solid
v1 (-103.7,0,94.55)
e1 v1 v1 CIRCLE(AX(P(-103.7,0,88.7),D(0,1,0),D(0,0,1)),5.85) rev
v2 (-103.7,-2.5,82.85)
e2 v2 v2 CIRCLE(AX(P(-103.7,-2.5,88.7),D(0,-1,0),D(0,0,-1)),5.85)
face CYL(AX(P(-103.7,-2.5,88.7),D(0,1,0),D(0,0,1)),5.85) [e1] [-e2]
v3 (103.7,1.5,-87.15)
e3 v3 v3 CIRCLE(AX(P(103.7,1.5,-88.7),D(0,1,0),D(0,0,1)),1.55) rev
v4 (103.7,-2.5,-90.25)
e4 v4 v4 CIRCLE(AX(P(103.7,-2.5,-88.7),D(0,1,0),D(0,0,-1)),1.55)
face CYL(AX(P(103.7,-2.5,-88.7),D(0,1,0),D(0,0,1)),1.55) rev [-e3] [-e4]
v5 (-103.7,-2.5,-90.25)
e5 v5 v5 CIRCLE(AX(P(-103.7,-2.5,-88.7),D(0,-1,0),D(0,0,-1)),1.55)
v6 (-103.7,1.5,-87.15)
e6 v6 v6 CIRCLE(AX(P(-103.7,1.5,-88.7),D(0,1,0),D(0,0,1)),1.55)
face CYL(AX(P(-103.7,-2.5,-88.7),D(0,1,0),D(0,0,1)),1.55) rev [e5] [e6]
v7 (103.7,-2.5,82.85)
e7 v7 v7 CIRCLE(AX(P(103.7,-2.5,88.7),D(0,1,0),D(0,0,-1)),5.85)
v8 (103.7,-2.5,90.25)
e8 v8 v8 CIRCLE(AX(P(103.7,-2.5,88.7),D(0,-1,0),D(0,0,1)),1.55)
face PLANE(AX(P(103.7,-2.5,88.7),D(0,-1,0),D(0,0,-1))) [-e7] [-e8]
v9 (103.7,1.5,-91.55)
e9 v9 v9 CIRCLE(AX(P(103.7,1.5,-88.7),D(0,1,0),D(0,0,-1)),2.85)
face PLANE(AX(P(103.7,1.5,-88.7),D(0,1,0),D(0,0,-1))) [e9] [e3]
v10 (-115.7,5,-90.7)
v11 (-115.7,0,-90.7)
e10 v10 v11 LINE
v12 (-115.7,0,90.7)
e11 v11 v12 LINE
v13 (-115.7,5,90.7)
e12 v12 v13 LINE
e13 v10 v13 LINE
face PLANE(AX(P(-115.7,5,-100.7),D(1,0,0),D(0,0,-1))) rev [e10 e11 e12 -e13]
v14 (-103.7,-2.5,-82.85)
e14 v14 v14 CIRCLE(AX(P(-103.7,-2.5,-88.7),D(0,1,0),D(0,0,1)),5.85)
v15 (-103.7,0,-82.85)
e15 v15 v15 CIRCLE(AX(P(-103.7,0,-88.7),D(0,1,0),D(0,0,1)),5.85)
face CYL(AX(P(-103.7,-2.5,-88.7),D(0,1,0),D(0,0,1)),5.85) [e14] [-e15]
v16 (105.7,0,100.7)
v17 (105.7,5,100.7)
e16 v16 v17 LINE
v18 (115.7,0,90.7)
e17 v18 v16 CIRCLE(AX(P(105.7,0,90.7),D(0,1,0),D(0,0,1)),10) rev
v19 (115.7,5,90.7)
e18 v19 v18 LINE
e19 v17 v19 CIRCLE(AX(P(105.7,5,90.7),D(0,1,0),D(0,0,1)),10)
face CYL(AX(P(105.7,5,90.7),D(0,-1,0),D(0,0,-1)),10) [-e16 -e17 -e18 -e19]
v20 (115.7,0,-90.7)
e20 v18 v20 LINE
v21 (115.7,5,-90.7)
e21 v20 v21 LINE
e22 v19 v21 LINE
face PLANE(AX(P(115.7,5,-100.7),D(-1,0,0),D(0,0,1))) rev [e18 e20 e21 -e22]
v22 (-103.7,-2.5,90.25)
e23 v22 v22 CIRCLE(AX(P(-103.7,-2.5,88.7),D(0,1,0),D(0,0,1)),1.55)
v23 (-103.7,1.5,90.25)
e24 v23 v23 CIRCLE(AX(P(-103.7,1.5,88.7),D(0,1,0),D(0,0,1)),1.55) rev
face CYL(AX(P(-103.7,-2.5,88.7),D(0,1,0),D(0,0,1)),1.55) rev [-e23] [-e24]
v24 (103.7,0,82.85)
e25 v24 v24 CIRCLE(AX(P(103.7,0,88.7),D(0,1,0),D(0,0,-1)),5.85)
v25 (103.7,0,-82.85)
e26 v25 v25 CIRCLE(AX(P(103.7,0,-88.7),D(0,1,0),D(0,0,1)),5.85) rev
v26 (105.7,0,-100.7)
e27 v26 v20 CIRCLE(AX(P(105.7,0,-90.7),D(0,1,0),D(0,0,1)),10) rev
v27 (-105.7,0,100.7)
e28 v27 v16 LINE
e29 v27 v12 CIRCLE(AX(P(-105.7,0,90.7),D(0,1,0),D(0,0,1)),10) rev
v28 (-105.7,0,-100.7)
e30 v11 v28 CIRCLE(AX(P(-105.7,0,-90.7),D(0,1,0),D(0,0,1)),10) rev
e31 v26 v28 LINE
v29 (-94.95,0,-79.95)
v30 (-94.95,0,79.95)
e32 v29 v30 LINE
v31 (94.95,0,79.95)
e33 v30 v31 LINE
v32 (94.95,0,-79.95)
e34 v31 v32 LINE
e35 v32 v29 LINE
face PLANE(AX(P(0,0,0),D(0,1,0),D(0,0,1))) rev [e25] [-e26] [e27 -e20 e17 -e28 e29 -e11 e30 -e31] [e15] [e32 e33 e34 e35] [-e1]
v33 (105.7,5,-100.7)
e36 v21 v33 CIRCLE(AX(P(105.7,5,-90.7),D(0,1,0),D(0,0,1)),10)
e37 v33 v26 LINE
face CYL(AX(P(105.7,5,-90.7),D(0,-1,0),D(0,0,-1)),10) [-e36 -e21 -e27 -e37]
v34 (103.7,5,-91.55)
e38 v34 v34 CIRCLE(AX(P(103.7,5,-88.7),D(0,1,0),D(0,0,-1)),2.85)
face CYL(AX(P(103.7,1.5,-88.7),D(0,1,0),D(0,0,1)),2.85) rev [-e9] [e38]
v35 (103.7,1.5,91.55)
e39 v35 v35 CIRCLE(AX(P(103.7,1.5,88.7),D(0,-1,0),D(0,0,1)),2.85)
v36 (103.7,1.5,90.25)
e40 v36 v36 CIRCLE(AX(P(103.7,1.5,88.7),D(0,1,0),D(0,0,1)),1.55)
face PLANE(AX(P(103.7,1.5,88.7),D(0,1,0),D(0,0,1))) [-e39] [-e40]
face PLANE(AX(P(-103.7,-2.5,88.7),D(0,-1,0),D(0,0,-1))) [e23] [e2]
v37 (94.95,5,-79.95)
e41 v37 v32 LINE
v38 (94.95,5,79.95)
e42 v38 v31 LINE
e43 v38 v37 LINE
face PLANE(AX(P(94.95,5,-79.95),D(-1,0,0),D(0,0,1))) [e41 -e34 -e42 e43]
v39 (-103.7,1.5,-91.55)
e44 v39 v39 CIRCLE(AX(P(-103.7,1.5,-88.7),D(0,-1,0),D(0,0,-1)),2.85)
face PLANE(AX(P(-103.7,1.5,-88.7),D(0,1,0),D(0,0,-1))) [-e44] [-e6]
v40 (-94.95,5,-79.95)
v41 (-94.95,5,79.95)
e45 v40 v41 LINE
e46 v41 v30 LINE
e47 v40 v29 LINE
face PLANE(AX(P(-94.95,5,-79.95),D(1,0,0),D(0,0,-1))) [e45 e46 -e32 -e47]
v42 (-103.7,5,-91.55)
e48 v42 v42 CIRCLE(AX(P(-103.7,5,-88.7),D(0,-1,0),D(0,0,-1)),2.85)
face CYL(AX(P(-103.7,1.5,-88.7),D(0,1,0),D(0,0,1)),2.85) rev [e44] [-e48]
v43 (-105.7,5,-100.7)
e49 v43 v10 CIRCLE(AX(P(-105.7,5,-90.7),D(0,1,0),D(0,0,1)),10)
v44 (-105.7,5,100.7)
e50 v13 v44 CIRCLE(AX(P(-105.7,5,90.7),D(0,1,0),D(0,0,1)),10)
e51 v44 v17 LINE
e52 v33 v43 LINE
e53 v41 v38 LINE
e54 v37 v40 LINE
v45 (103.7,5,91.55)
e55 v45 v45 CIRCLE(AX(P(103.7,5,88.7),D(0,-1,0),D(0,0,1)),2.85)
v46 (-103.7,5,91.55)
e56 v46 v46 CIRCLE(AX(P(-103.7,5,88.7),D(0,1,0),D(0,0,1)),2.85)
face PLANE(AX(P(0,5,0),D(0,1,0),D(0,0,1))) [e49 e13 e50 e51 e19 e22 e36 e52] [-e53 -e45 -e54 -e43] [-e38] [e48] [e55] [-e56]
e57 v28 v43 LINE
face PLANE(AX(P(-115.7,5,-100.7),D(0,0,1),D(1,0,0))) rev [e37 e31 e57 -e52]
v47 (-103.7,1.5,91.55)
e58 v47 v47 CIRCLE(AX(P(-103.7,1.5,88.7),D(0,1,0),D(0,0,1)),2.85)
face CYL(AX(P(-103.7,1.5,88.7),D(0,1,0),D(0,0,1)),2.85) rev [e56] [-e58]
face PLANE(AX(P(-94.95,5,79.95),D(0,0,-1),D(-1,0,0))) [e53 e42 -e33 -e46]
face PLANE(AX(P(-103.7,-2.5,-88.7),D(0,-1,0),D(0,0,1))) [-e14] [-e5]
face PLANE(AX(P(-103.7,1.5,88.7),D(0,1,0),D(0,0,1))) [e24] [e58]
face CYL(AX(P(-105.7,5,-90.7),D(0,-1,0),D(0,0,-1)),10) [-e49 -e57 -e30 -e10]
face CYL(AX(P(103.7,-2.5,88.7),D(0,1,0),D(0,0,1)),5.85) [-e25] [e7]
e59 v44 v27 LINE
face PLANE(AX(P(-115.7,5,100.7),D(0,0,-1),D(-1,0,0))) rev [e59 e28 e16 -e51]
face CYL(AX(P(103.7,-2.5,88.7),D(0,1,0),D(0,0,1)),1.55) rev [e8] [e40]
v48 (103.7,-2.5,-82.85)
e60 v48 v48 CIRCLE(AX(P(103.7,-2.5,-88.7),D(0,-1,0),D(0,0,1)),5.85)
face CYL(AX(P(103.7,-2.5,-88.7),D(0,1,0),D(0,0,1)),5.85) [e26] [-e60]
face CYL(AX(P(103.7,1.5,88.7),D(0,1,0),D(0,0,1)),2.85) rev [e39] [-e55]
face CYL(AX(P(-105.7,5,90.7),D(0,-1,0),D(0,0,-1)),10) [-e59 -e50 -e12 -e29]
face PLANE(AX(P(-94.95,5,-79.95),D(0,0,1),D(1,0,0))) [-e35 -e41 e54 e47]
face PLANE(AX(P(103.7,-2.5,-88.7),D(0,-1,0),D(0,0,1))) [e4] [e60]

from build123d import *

# Parameters (mm, degrees)
SKETCH1_W               = 231.4
SKETCH1_H               = 201.4
SKETCH1_W_2             = 189.9
SKETCH1_H_2             = 159.9
BOSS_EXTRUDE1_DEPTH     = 5
FILLET1_R               = 10
SKETCH2_R               = 5.85
BOSS_EXTRUDE2_DEPTH     = 2.5
SKETCH3_R               = 1.55
CUT_EXTRUDE1_DEPTH      = 7.5
SKETCH4_R               = 2.85
CUT_EXTRUDE2_DEPTH      = 3.5
MIRROR4_COPY_1_SKETCH_R = 5.85
MIRROR4_COPY_1_DEPTH    = 2.5
MIRROR4_COPY_2_SKETCH_R = 1.55
MIRROR4_COPY_2_DEPTH    = 7.5
MIRROR4_COPY_3_SKETCH_R = 2.85
MIRROR4_COPY_3_DEPTH    = 3.5


with BuildPart() as part:
    # Sketch1 → Boss-Extrude1 (new body)
    with BuildSketch(Plane(origin=(0, 0, 0), x_dir=(1, 0, 0), z_dir=(0, 1, 0))):
        Rectangle(SKETCH1_W, SKETCH1_H)
        Rectangle(SKETCH1_W_2, SKETCH1_H_2, mode=Mode.SUBTRACT)
    extrude(amount=BOSS_EXTRUDE1_DEPTH)

    # Fillet1
    fillet1_edges = [part.edges().sort_by_distance(p)[0] for p in [
        (-115.7, 2.5, -100.7),
        (115.7, 2.5, -100.7),
        (115.7, 2.5, 100.7),
        (-115.7, 2.5, 100.7),
    ]]
    fillet(fillet1_edges, radius=FILLET1_R)

    # Sketch2 → Boss-Extrude2 (add)
    with BuildSketch(Plane.XZ):
        with Locations((-103.7, 88.7)):
            Circle(SKETCH2_R)
    boss_extrude2 = extrude(amount=BOSS_EXTRUDE2_DEPTH)

    # Sketch3 → Cut-Extrude1 (cut)
    with BuildSketch(Plane(origin=(0, 5, 0), x_dir=(1, 0, 0), z_dir=(0, 1, 0))):
        with Locations((-103.7, -88.7)):
            Circle(SKETCH3_R)
    cut_extrude1 = extrude(amount=-CUT_EXTRUDE1_DEPTH, mode=Mode.SUBTRACT)

    # Sketch4 → Cut-Extrude2 (cut)
    with BuildSketch(Plane(origin=(0, 5, 0), x_dir=(1, 0, 0), z_dir=(0, 1, 0))):
        with Locations((-103.7, -88.7)):
            Circle(SKETCH4_R)
    cut_extrude2 = extrude(amount=-CUT_EXTRUDE2_DEPTH, mode=Mode.SUBTRACT)

    # Mirror3: Boss-Extrude2, Cut-Extrude1, Cut-Extrude2 across plane
    add(boss_extrude2.mirror(Plane(origin=(0, 0, 0), x_dir=(0, 0, 1), z_dir=(1, 0, 0))))
    add(cut_extrude1.mirror(Plane(origin=(0, 0, 0), x_dir=(0, 0, 1), z_dir=(1, 0, 0))), mode=Mode.SUBTRACT)
    add(cut_extrude2.mirror(Plane(origin=(0, 0, 0), x_dir=(0, 0, 1), z_dir=(1, 0, 0))), mode=Mode.SUBTRACT)

    # Mirror4: Boss-Extrude2, Cut-Extrude1, Cut-Extrude2 across plane
    add(boss_extrude2.mirror(Plane.XY))
    add(cut_extrude1.mirror(Plane.XY), mode=Mode.SUBTRACT)
    add(cut_extrude2.mirror(Plane.XY), mode=Mode.SUBTRACT)

    # Mirror4 copy 1 sketch → Mirror4 copy 1 (add)
    with BuildSketch(Plane(origin=(0, 0, 0), x_dir=(-1, 0, 0), z_dir=(0, -1, 0))):
        with Locations((-103.7, 88.7)):
            Circle(MIRROR4_COPY_1_SKETCH_R)
    extrude(amount=MIRROR4_COPY_1_DEPTH)

    # Mirror4 copy 2 sketch → Mirror4 copy 2 (cut)
    with BuildSketch(Plane(origin=(0, 5, 0), x_dir=(-1, 0, 0), z_dir=(0, 1, 0))):
        with Locations((-103.7, -88.7)):
            Circle(MIRROR4_COPY_2_SKETCH_R)
    extrude(amount=-MIRROR4_COPY_2_DEPTH, mode=Mode.SUBTRACT)

    # Mirror4 copy 3 sketch → Mirror4 copy 3 (cut)
    with BuildSketch(Plane(origin=(0, 5, 0), x_dir=(-1, 0, 0), z_dir=(0, 1, 0))):
        with Locations((-103.7, -88.7)):
            Circle(MIRROR4_COPY_3_SKETCH_R)
    extrude(amount=-MIRROR4_COPY_3_DEPTH, mode=Mode.SUBTRACT)


solid = part.part
